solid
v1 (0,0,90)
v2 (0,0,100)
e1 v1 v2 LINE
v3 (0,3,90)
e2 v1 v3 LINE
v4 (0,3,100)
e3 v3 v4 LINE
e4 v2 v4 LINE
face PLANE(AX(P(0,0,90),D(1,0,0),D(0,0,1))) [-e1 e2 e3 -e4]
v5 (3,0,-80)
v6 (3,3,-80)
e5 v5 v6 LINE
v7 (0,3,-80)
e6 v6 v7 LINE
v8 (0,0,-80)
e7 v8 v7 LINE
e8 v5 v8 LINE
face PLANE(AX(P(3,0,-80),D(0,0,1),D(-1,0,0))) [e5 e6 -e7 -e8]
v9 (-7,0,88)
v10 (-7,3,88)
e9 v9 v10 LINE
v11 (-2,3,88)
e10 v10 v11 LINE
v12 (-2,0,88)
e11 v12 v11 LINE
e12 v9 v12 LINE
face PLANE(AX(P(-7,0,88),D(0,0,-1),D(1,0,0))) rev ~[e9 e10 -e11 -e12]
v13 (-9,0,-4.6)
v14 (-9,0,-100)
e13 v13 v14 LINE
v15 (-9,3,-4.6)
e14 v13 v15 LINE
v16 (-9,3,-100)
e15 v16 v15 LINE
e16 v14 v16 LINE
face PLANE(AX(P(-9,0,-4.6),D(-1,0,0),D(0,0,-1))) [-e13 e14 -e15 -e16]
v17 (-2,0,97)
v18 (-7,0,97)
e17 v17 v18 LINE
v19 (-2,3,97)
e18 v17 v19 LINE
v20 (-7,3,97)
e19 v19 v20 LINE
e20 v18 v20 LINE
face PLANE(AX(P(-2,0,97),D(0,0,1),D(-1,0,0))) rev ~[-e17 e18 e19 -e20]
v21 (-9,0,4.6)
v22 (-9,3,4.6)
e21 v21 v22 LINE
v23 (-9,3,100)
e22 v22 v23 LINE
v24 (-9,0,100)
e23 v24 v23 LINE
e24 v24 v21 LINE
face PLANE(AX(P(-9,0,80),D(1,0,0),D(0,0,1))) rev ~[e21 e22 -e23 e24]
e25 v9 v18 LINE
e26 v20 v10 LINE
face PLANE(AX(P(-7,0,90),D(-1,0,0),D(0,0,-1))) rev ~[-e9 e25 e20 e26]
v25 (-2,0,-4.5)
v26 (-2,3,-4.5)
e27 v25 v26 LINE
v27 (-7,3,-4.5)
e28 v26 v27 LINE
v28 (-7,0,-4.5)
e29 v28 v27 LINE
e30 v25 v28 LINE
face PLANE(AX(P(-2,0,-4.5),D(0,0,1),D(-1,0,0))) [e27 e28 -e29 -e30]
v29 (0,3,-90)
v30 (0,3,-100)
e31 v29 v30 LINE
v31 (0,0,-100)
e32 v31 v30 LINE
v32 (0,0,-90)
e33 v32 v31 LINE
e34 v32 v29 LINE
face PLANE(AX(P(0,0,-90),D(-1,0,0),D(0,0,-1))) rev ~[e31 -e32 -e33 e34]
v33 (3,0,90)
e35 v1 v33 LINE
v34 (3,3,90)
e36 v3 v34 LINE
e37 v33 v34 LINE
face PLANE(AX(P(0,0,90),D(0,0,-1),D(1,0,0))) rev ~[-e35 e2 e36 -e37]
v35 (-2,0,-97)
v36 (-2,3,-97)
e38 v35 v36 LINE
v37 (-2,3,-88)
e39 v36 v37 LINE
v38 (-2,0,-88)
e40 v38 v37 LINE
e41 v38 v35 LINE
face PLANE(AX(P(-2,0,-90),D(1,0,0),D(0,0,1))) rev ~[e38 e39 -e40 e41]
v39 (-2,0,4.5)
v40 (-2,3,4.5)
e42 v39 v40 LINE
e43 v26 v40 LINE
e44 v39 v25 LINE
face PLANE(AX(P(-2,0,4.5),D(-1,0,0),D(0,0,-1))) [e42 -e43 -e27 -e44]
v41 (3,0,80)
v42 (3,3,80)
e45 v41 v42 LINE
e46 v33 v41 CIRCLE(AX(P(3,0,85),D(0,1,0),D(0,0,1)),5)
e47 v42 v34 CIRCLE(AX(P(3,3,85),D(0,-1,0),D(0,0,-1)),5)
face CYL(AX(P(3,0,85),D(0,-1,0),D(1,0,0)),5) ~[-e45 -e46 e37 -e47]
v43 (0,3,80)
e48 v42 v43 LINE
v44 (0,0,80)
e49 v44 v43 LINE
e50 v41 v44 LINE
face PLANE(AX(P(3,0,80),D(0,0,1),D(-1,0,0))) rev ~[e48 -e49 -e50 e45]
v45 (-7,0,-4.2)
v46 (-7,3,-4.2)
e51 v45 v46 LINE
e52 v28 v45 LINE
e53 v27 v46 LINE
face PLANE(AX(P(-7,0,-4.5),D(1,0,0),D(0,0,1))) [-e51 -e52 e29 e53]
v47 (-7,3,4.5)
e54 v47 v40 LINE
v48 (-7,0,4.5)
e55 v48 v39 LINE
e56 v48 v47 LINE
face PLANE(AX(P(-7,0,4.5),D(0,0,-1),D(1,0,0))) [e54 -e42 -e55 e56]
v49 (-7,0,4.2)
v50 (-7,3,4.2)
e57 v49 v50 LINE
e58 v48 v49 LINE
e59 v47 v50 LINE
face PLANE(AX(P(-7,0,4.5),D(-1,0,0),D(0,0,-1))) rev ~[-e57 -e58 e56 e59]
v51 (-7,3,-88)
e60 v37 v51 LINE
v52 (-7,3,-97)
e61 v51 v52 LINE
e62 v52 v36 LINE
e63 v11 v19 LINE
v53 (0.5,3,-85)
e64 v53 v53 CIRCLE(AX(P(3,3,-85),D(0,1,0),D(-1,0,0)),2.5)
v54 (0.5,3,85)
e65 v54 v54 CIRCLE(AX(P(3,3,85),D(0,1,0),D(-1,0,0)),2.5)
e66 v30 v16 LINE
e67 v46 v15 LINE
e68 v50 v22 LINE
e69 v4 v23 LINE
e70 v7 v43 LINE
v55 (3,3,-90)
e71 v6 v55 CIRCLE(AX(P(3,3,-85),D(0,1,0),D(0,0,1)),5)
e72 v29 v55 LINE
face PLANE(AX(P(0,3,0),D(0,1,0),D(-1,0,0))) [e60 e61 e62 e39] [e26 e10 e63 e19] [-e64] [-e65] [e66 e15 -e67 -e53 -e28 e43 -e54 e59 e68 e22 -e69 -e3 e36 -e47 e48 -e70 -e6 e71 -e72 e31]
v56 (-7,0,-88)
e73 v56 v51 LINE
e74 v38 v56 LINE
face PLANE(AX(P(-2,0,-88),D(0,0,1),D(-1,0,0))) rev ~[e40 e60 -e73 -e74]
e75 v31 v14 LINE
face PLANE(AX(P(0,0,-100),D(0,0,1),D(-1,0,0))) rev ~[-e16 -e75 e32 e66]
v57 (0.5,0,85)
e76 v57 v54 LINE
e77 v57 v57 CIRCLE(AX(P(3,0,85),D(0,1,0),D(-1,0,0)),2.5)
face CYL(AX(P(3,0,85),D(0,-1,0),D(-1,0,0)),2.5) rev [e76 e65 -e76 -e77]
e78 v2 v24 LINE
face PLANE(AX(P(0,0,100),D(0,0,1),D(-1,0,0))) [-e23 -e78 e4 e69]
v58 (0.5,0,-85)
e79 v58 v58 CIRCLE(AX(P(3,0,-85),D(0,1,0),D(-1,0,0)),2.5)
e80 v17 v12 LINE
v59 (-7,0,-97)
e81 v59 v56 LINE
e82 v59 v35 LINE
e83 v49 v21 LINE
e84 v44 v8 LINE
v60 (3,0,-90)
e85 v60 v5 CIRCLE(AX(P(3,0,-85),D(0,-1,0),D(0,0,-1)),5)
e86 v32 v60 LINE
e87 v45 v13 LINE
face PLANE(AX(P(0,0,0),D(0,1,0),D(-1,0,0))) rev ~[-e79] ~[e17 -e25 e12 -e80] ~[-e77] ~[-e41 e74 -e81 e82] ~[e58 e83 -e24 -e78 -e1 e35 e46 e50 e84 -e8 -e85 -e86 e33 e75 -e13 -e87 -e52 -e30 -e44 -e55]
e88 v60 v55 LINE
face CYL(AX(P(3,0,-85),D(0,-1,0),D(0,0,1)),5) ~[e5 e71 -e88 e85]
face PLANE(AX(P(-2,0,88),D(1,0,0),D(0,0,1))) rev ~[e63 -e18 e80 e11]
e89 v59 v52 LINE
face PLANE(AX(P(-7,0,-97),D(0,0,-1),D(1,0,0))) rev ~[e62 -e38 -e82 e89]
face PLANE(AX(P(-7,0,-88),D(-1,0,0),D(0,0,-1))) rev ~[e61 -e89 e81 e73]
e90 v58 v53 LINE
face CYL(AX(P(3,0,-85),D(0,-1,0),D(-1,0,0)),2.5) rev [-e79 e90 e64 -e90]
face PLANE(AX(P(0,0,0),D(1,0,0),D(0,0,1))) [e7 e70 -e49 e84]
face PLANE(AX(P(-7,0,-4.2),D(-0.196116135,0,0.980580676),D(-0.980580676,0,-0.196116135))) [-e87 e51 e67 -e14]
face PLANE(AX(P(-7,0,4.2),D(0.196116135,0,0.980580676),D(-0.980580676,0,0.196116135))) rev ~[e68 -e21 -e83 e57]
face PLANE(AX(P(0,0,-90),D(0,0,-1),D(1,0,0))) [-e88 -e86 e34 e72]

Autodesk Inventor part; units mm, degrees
ref_plane "YZ Plane" through (0, 0, 0) normal (1, 0, 0) x (0, 1, 0)
ref_plane "XZ Plane" through (0, 0, 0) normal (0, 1, 0) x (-1, 0, 0)
ref_plane "XY Plane" through (0, 0, 0) normal (0, 0, 1) x (1, 0, 0)
sketch "草圖1" plane through (0, 0, 0) normal (0, 1, 0) x (-1, 0, 0)
  line L0 (0, 80) -> (9, 80)
  line L1 (9, -80) -> (0, -80)
  line L2 (0, -80) -> (0, 80)
  line L3 (7, 4.5) -> (2, 4.5)
  line L4 (2, 4.5) -> (2, -4.5)
  line L5 (2, -4.5) -> (7, -4.5)
  line L6 (9, 80) -> (9, 90)
  line L7 (9, 90) -> (-3, 90)
  line L8 (-8, 85) -> (-8, 85)
  line L9 (-3, 80) -> (0, 80)
  arc A0 (-8, 85) -> (-3, 80) centre (-3, 85) ccw
  arc A1 (-3, 90) -> (-8, 85) centre (-3, 85) ccw
  circle A2 centre (-3, 85) radius 2.5
  line L10 (9, 0) -> (0, 0)
  line L11 (9, -80) -> (9, -90)
  line L12 (9, -90) -> (-3, -90)
  line L13 (-3, -80) -> (0, -80)
  arc A3 (-3, -80) -> (-8, -85) centre (-3, -85) ccw
  arc A4 (-8, -85) -> (-3, -90) centre (-3, -85) ccw
  circle A5 centre (-3, -85) radius 2.5
  line L14 (9, 80) -> (9, 4.6)
  line L15 (9, -4.6) -> (9, -80)
  line L16 (7, -4.5) -> (7, -4.2)
  line L17 (7, -4.2) -> (9, -4.6)
  line L18 (7, 4.5) -> (7, 4.2)
  line L19 (7, 4.2) -> (9, 4.6)
  line L20 (9, 90) -> (0, 90)
  line L21 (0, 90) -> (0, 100)
  line L22 (0, 100) -> (9, 100)
  line L23 (9, 100) -> (9, 90)
  line L24 (9, -90) -> (0, -90)
  line L25 (0, -90) -> (0, -100)
  line L26 (0, -100) -> (9, -100)
  line L27 (9, -100) -> (9, -90)
  line L28 (2, 97) -> (7, 97)
  line L29 (7, 97) -> (7, 88)
  line L30 (7, 88) -> (2, 88)
  line L31 (2, 88) -> (2, 97)
  line L32 (7, -97) -> (2, -97)
  line L33 (2, -97) -> (2, -88)
  line L34 (2, -88) -> (7, -88)
  line L35 (7, -88) -> (7, -97)
  point P0 (4.5, 4.5)
  point P1 (4.5, 80)
  point P2 (-8, 90)
  point P3 (-8, -90)
  point P4 (2, 0)
  point P5 (4.5, 97)
  point P6 (4.5, 100)
  point P7 (4.5, -97)
  point P8 (4.5, -100)
  dimension "d0" = 160
  dimension "d1" = 9
  dimension "d3" = 5
  dimension "d4" = 10
  dimension "d5" = 17
  dimension "d6" = 5
  dimension "d7" = 5
  dimension "d8" = 5
  dimension "d13" = 9
  dimension "d14" = 0.3
  dimension "d15" = 0.3
  dimension "d17" = 0
  dimension "d18" = 5
  dimension "d21" = 17
  dimension "d22" = 10
  dimension "d23" = 9
  dimension "d24" = 9
  dimension "d25" = 10
  dimension "d26" = 9
  dimension "d27" = 5
  dimension "d28" = 3
  dimension "d29" = 9
  dimension "d30" = 5
  dimension "d31" = 3
  dimension "d32" = 75.4
  dimension "d33" = 75.4
extrude "擠出1" add sketch "草圖1" along normal blind 3 contours L9 A0 A1 L7 L31 L30 L29 L6 L0 | L0 L14 L19 L18 L3 L4 L10 L2 | L10 L4 L5 L16 L17 L15 L1 L2 | L7 L29 L28 L31 L21 L22 L23 | L1 L11 L12 L35 L34 L33 A4 A3 L13 | L27 L26 L25 L12 L33 L32 L35
properties part number "Lower_Bar" material "MDF Medium Density Fiberboard"
